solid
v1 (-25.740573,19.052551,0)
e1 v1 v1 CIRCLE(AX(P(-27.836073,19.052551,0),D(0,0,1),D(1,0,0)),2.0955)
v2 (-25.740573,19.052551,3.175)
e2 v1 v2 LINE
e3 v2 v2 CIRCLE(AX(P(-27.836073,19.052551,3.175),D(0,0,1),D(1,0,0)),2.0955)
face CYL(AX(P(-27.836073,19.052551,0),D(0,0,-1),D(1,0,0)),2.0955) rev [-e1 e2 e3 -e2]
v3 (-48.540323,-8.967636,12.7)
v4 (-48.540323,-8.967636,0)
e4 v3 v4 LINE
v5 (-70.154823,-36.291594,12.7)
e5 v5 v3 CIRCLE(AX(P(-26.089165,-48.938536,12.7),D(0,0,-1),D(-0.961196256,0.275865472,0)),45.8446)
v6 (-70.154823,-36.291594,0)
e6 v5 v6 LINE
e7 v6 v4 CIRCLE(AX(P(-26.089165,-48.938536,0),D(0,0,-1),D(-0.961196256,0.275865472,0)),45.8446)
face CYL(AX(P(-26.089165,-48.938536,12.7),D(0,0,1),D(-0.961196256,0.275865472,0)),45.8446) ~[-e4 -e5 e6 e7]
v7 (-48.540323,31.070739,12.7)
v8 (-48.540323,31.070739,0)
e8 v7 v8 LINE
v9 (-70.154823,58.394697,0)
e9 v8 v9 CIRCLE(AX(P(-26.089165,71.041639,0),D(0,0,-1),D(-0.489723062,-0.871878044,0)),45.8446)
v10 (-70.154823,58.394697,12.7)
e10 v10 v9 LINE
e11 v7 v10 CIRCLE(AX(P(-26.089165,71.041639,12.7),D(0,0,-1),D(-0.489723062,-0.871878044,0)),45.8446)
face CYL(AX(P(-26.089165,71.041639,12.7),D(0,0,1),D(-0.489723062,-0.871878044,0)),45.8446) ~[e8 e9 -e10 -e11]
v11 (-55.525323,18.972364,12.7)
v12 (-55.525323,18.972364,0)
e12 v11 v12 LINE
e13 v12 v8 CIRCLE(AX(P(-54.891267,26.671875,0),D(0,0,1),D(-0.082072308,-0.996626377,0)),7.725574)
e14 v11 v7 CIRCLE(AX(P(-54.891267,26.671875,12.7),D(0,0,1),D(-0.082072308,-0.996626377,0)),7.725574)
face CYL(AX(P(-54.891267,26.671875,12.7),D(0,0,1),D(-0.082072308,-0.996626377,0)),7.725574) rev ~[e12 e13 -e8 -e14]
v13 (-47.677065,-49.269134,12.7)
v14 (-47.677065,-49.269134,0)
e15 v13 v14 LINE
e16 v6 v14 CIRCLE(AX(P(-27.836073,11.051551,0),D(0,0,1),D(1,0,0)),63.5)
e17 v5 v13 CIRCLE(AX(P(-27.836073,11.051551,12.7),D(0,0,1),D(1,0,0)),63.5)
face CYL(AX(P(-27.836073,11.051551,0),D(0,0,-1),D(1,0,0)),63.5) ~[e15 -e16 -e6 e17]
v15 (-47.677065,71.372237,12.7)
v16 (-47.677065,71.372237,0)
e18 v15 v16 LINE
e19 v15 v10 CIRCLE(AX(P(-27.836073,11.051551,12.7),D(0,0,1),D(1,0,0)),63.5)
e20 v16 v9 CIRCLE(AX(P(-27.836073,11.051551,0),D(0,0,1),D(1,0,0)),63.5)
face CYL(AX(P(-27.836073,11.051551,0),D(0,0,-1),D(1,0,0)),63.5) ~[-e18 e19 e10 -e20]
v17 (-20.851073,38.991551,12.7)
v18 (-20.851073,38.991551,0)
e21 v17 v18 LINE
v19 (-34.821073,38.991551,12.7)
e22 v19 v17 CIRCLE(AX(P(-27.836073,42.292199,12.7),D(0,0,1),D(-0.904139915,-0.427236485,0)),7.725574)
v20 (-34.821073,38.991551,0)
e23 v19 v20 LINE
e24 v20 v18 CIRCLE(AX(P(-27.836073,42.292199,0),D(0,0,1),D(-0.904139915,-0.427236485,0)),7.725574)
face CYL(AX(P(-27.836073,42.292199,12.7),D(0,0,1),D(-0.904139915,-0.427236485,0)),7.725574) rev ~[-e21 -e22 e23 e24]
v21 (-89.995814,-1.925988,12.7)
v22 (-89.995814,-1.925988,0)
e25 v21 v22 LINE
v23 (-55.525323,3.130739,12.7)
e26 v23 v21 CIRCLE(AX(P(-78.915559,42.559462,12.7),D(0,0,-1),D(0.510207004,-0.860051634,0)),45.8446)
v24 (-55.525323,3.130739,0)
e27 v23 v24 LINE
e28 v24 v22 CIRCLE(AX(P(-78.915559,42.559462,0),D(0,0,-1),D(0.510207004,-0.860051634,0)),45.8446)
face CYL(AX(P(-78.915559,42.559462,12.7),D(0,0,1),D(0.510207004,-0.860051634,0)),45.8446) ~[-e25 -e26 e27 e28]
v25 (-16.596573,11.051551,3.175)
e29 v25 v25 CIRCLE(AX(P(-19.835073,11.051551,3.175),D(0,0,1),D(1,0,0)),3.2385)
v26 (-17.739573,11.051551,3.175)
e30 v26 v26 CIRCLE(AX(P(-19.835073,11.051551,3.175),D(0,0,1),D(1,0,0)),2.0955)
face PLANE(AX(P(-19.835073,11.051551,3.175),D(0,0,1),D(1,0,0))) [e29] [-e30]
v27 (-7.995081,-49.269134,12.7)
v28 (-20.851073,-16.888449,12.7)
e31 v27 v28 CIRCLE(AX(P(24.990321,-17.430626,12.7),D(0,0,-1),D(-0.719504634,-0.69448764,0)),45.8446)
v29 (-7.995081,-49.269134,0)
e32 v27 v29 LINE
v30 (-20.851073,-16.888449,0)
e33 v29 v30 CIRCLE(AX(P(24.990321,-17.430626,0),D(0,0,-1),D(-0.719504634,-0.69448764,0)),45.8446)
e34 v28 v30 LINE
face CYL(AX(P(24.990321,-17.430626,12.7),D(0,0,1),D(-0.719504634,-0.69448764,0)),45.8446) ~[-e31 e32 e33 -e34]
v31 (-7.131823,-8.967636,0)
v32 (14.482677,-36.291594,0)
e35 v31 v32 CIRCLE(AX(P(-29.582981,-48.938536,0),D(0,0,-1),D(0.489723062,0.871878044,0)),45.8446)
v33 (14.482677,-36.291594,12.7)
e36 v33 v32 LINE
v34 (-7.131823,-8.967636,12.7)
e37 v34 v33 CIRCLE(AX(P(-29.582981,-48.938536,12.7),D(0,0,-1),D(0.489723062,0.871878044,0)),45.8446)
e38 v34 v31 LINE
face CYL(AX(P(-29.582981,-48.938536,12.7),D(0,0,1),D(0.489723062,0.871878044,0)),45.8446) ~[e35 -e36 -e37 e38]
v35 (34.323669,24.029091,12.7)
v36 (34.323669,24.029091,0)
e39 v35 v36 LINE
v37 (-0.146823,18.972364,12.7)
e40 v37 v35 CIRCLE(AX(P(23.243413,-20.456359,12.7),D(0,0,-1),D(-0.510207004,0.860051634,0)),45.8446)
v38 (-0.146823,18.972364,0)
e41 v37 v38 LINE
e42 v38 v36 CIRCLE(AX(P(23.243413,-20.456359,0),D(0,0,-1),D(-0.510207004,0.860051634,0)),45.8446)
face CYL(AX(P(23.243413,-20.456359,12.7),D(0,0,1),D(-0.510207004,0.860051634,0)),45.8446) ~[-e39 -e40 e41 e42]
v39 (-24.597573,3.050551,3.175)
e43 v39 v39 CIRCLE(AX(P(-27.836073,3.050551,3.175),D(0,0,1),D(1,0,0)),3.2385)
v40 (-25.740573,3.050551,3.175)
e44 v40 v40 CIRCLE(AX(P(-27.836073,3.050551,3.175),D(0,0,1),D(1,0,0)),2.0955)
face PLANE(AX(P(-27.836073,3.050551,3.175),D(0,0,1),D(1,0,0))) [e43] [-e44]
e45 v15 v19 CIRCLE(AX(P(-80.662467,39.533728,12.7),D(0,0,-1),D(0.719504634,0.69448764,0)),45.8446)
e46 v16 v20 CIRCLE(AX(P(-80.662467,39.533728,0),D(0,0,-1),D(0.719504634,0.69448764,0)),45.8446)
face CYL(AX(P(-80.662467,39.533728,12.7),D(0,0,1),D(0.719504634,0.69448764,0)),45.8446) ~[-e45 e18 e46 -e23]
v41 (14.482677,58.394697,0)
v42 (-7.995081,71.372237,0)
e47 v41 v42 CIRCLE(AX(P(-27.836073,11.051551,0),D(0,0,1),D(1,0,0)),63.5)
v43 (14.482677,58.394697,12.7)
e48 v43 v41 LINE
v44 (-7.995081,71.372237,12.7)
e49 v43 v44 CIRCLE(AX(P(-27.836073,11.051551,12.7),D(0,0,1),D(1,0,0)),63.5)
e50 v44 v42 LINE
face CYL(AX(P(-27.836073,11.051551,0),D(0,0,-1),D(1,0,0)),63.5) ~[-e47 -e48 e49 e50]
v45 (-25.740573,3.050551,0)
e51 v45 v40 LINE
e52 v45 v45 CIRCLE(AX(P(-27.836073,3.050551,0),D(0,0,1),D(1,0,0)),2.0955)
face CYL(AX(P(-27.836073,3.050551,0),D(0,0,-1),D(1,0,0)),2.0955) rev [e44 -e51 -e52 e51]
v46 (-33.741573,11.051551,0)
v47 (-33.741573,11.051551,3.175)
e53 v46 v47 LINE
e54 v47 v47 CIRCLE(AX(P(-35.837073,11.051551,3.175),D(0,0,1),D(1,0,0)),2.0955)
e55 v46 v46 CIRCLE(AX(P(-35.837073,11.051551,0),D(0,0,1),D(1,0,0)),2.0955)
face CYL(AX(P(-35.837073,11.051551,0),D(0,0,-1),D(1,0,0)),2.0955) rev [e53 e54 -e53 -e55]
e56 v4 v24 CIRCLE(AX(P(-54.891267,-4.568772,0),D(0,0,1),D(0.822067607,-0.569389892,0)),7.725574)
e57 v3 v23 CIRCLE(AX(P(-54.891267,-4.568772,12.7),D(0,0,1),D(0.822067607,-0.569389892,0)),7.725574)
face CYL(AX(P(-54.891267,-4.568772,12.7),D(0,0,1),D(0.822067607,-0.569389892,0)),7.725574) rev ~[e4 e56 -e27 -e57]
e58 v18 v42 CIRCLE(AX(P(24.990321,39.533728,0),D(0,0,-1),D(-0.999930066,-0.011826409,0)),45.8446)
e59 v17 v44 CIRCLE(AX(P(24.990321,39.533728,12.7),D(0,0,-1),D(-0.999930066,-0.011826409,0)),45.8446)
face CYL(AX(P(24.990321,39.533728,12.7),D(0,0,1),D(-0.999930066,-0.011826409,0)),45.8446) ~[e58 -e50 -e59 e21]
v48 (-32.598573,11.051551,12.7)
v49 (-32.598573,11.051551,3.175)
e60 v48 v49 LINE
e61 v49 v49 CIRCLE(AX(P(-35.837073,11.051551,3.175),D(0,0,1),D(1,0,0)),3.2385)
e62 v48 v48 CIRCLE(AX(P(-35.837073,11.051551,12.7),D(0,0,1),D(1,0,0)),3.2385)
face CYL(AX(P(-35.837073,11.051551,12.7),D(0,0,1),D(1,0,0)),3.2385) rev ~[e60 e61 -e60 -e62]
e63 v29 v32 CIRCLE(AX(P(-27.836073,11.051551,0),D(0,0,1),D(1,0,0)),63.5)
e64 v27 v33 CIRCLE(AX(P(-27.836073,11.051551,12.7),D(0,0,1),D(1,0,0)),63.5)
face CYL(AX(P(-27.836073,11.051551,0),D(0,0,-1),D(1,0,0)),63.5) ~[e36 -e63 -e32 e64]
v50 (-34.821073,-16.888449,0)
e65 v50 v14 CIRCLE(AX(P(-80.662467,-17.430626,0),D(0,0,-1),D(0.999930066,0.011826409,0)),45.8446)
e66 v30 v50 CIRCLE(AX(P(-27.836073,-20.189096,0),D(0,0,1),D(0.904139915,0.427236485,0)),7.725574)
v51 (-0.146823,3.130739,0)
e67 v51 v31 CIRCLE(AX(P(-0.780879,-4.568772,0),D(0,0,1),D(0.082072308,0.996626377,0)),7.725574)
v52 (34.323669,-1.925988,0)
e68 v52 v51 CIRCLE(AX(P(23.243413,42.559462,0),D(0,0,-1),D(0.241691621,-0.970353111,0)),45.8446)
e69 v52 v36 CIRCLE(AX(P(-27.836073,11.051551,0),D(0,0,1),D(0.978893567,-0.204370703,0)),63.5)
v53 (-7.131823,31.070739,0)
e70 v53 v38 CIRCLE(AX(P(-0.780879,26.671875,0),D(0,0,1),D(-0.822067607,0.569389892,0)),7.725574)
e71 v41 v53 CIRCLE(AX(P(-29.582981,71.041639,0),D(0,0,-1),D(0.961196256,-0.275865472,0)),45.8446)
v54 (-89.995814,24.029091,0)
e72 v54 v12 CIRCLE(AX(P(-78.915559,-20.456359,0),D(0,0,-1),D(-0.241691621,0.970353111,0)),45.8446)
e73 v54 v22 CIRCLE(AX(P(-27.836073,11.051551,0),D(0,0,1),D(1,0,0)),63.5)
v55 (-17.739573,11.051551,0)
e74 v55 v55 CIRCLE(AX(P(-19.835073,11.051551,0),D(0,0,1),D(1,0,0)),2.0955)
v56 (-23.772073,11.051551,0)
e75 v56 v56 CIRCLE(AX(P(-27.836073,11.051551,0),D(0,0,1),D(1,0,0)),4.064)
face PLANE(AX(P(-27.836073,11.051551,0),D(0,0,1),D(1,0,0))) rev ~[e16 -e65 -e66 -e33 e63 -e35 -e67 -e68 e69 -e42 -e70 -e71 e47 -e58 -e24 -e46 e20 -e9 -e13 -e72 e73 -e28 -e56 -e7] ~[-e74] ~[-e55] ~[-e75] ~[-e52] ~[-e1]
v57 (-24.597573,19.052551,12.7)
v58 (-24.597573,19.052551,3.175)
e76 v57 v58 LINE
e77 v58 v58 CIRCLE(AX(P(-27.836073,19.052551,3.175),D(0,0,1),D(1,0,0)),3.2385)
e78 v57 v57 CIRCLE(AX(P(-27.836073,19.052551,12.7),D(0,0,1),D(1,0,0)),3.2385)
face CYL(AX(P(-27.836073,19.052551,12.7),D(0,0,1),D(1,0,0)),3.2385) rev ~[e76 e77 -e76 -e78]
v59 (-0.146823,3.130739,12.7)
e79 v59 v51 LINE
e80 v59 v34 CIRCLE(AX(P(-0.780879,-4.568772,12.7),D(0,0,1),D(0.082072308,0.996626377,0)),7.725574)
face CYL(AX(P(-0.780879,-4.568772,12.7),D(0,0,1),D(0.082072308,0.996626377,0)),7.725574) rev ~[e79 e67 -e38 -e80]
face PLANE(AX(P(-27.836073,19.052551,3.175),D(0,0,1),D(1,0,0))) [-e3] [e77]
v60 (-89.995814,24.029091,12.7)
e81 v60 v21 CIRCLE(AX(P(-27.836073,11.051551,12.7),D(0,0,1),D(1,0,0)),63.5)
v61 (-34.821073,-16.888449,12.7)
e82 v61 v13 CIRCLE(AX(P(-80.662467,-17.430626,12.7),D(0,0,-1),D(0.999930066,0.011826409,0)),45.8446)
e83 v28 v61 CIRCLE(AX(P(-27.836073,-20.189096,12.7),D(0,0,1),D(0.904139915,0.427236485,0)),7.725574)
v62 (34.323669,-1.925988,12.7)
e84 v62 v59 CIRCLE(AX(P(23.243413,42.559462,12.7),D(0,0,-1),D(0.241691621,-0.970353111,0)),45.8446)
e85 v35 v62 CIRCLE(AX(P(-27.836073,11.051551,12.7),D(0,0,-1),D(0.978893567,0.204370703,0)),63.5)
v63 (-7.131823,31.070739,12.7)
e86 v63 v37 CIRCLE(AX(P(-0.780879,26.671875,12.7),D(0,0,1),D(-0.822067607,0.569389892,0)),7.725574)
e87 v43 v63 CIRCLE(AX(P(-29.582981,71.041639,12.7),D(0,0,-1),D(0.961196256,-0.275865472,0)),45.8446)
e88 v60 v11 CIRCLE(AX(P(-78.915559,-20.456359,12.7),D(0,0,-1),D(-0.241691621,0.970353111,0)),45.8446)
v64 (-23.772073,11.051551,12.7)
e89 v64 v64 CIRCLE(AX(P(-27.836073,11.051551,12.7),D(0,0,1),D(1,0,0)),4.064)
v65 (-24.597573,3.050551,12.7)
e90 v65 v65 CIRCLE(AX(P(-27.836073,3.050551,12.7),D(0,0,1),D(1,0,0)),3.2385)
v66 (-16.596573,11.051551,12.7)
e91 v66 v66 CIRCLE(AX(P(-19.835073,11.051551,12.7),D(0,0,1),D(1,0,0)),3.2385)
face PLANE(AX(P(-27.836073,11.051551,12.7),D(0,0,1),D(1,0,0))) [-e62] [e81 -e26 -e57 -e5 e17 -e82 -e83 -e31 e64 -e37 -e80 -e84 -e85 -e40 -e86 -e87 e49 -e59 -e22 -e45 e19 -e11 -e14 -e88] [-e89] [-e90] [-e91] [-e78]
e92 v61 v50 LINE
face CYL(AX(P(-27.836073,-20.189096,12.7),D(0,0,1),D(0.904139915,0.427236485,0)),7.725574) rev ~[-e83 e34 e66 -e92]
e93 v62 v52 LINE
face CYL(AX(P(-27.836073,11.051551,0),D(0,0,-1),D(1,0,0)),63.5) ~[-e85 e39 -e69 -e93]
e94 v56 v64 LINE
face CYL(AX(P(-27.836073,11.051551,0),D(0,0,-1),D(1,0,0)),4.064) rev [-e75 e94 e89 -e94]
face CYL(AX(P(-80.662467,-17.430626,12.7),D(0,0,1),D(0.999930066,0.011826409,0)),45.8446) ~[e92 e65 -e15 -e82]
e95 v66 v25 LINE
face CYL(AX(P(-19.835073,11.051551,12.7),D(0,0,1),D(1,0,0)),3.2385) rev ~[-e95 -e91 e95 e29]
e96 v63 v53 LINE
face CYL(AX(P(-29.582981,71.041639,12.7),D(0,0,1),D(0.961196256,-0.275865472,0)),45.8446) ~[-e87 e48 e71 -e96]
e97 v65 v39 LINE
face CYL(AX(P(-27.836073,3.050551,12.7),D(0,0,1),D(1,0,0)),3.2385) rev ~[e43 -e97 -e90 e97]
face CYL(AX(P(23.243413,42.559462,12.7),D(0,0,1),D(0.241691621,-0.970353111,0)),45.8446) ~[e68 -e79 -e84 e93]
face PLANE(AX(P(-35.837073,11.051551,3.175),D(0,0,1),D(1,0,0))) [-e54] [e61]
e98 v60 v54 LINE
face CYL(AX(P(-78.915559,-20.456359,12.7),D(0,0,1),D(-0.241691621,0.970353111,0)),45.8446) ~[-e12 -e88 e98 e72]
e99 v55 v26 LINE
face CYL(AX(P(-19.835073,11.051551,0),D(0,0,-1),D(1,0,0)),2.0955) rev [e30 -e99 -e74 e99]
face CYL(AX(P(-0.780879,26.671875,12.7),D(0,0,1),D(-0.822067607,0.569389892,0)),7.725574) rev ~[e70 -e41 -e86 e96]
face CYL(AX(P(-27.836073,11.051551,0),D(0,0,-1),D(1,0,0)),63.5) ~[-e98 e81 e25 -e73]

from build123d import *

# Parameters (mm, degrees)
F0_R     = 63.5
F0_R_2   = 2.0955
F0_R_3   = 4.064
F1_DEPTH = 12.7
F3_DEPTH = 12.7
F2_R     = 3.2385
F2_R_2   = 2.0955
F4_DEPTH = 9.525


with BuildPart() as f1:
    # F0 (on Top) → F1 (new body)
    with BuildSketch(Plane.XY):
        with Locations((-27.8360728791, 11.0515514389)):
            Circle(F0_R)
        with Locations((-27.8360728791, 3.0505514389)):
            Circle(F0_R_2, mode=Mode.SUBTRACT)
        with Locations((-35.8370728791, 11.0515514389)):
            Circle(F0_R_2, mode=Mode.SUBTRACT)
        with Locations((-27.8360728791, 11.0515514389)):
            Circle(F0_R_3, mode=Mode.SUBTRACT)
        with Locations((-19.8350728791, 11.0515514389)):
            Circle(F0_R_2, mode=Mode.SUBTRACT)
        with Locations((-27.8360728791, 19.0525514389)):
            Circle(F0_R_2, mode=Mode.SUBTRACT)
    extrude(amount=F1_DEPTH)

    # F2 (on face) → F3 (cut)
    with BuildSketch(Plane.XY.offset(12.7)):
        with BuildLine():
            ThreePointArc((-48.5403226608, 31.0707388843), (-62.0442946523, 42.5994874775), (-70.1548226491, 58.3946968551))
            ThreePointArc((-70.1548226491, 58.3946968551), (-82.8286860194, 42.8015514389), (-89.9958143896, 24.029091088))
            ThreePointArc((-89.9958143896, 24.029091088), (-72.2614978121, 24.9027724934), (-55.5253226608, 18.9723639934))
            ThreePointArc((-55.5253226608, 18.9723639934), (-48.2007234403, 22.8090879223), (-48.5403226608, 31.0707388843))
        make_face()
        with BuildLine():
            ThreePointArc((-20.8510728791, 38.9915514389), (-17.6188697193, 56.450708532), (-7.9950811385, 71.3722365042))
            ThreePointArc((-7.9950811385, 71.3722365042), (-27.8360728791, 74.5515514389), (-47.6770646196, 71.3722365042))
            ThreePointArc((-47.6770646196, 71.3722365042), (-38.0532760389, 56.450708532), (-34.8210728791, 38.9915514389))
            ThreePointArc((-34.8210728791, 38.9915514389), (-27.8360728791, 34.5666244058), (-20.8510728791, 38.9915514389))
        make_face()
        with BuildLine():
            ThreePointArc((34.3236686315, 24.029091088), (27.1565402612, 42.8015514389), (14.4826768909, 58.3946968551))
            ThreePointArc((14.4826768909, 58.3946968551), (6.3721488941, 42.5994874775), (-7.1318230973, 31.0707388843))
            ThreePointArc((-7.1318230973, 31.0707388843), (-7.4714223178, 22.8090879223), (-0.1468230973, 18.9723639934))
            ThreePointArc((-0.1468230973, 18.9723639934), (16.5893520539, 24.9027724934), (34.3236686315, 24.029091088))
        make_face()
        with BuildLine():
            ThreePointArc((14.4826768909, -36.2915939774), (27.1565402612, -20.6984485611), (34.3236686315, -1.9259882102))
            ThreePointArc((34.3236686315, -1.9259882102), (16.5893520539, -2.7996696157), (-0.1468230973, 3.1307388843))
            ThreePointArc((-0.1468230973, 3.1307388843), (-7.4714223178, -0.7059850446), (-7.1318230973, -8.9676360066))
            ThreePointArc((-7.1318230973, -8.9676360066), (6.3721488941, -20.4963845997), (14.4826768909, -36.2915939774))
        make_face()
        with BuildLine():
            ThreePointArc((-47.6770646196, -49.2691336265), (-27.8360728791, -52.4484485611), (-7.9950811385, -49.2691336265))
            ThreePointArc((-7.9950811385, -49.2691336265), (-17.6188697193, -34.3476056543), (-20.8510728791, -16.8884485611))
            ThreePointArc((-20.8510728791, -16.8884485611), (-27.8360728791, -12.4635215281), (-34.8210728791, -16.8884485611))
            ThreePointArc((-34.8210728791, -16.8884485611), (-38.0532760389, -34.3476056543), (-47.6770646196, -49.2691336265))
        make_face()
        with BuildLine():
            ThreePointArc((-55.5253226608, 3.1307388843), (-72.2614978121, -2.7996696157), (-89.9958143896, -1.9259882102))
            ThreePointArc((-89.9958143896, -1.9259882102), (-82.8286860194, -20.6984485611), (-70.1548226491, -36.2915939774))
            ThreePointArc((-70.1548226491, -36.2915939774), (-62.0442946523, -20.4963845997), (-48.5403226608, -8.9676360066))
            ThreePointArc((-48.5403226608, -8.9676360066), (-48.2007234403, -0.7059850446), (-55.5253226608, 3.1307388843))
        make_face()
    extrude(amount=-F3_DEPTH, mode=Mode.SUBTRACT)

    # F2 (on face) → F4 (cut)
    with BuildSketch(Plane.XY.offset(12.7)):
        with Locations((-27.8360728791, 19.0525514389)):
            Circle(F2_R)
        with Locations((-27.8360728791, 19.0525514389)):
            Circle(F2_R_2, mode=Mode.SUBTRACT)
        with Locations((-19.8350728791, 11.0515514389)):
            Circle(F2_R)
        with Locations((-19.8350728791, 11.0515514389)):
            Circle(F2_R_2, mode=Mode.SUBTRACT)
        with Locations((-27.8360728791, 3.0505514389)):
            Circle(F2_R)
        with Locations((-27.8360728791, 3.0505514389)):
            Circle(F2_R_2, mode=Mode.SUBTRACT)
        with Locations((-35.8370728791, 11.0515514389)):
            Circle(F2_R)
        with Locations((-35.8370728791, 11.0515514389)):
            Circle(F2_R_2, mode=Mode.SUBTRACT)
    extrude(amount=-F4_DEPTH, mode=Mode.SUBTRACT)


solid = f1.part
